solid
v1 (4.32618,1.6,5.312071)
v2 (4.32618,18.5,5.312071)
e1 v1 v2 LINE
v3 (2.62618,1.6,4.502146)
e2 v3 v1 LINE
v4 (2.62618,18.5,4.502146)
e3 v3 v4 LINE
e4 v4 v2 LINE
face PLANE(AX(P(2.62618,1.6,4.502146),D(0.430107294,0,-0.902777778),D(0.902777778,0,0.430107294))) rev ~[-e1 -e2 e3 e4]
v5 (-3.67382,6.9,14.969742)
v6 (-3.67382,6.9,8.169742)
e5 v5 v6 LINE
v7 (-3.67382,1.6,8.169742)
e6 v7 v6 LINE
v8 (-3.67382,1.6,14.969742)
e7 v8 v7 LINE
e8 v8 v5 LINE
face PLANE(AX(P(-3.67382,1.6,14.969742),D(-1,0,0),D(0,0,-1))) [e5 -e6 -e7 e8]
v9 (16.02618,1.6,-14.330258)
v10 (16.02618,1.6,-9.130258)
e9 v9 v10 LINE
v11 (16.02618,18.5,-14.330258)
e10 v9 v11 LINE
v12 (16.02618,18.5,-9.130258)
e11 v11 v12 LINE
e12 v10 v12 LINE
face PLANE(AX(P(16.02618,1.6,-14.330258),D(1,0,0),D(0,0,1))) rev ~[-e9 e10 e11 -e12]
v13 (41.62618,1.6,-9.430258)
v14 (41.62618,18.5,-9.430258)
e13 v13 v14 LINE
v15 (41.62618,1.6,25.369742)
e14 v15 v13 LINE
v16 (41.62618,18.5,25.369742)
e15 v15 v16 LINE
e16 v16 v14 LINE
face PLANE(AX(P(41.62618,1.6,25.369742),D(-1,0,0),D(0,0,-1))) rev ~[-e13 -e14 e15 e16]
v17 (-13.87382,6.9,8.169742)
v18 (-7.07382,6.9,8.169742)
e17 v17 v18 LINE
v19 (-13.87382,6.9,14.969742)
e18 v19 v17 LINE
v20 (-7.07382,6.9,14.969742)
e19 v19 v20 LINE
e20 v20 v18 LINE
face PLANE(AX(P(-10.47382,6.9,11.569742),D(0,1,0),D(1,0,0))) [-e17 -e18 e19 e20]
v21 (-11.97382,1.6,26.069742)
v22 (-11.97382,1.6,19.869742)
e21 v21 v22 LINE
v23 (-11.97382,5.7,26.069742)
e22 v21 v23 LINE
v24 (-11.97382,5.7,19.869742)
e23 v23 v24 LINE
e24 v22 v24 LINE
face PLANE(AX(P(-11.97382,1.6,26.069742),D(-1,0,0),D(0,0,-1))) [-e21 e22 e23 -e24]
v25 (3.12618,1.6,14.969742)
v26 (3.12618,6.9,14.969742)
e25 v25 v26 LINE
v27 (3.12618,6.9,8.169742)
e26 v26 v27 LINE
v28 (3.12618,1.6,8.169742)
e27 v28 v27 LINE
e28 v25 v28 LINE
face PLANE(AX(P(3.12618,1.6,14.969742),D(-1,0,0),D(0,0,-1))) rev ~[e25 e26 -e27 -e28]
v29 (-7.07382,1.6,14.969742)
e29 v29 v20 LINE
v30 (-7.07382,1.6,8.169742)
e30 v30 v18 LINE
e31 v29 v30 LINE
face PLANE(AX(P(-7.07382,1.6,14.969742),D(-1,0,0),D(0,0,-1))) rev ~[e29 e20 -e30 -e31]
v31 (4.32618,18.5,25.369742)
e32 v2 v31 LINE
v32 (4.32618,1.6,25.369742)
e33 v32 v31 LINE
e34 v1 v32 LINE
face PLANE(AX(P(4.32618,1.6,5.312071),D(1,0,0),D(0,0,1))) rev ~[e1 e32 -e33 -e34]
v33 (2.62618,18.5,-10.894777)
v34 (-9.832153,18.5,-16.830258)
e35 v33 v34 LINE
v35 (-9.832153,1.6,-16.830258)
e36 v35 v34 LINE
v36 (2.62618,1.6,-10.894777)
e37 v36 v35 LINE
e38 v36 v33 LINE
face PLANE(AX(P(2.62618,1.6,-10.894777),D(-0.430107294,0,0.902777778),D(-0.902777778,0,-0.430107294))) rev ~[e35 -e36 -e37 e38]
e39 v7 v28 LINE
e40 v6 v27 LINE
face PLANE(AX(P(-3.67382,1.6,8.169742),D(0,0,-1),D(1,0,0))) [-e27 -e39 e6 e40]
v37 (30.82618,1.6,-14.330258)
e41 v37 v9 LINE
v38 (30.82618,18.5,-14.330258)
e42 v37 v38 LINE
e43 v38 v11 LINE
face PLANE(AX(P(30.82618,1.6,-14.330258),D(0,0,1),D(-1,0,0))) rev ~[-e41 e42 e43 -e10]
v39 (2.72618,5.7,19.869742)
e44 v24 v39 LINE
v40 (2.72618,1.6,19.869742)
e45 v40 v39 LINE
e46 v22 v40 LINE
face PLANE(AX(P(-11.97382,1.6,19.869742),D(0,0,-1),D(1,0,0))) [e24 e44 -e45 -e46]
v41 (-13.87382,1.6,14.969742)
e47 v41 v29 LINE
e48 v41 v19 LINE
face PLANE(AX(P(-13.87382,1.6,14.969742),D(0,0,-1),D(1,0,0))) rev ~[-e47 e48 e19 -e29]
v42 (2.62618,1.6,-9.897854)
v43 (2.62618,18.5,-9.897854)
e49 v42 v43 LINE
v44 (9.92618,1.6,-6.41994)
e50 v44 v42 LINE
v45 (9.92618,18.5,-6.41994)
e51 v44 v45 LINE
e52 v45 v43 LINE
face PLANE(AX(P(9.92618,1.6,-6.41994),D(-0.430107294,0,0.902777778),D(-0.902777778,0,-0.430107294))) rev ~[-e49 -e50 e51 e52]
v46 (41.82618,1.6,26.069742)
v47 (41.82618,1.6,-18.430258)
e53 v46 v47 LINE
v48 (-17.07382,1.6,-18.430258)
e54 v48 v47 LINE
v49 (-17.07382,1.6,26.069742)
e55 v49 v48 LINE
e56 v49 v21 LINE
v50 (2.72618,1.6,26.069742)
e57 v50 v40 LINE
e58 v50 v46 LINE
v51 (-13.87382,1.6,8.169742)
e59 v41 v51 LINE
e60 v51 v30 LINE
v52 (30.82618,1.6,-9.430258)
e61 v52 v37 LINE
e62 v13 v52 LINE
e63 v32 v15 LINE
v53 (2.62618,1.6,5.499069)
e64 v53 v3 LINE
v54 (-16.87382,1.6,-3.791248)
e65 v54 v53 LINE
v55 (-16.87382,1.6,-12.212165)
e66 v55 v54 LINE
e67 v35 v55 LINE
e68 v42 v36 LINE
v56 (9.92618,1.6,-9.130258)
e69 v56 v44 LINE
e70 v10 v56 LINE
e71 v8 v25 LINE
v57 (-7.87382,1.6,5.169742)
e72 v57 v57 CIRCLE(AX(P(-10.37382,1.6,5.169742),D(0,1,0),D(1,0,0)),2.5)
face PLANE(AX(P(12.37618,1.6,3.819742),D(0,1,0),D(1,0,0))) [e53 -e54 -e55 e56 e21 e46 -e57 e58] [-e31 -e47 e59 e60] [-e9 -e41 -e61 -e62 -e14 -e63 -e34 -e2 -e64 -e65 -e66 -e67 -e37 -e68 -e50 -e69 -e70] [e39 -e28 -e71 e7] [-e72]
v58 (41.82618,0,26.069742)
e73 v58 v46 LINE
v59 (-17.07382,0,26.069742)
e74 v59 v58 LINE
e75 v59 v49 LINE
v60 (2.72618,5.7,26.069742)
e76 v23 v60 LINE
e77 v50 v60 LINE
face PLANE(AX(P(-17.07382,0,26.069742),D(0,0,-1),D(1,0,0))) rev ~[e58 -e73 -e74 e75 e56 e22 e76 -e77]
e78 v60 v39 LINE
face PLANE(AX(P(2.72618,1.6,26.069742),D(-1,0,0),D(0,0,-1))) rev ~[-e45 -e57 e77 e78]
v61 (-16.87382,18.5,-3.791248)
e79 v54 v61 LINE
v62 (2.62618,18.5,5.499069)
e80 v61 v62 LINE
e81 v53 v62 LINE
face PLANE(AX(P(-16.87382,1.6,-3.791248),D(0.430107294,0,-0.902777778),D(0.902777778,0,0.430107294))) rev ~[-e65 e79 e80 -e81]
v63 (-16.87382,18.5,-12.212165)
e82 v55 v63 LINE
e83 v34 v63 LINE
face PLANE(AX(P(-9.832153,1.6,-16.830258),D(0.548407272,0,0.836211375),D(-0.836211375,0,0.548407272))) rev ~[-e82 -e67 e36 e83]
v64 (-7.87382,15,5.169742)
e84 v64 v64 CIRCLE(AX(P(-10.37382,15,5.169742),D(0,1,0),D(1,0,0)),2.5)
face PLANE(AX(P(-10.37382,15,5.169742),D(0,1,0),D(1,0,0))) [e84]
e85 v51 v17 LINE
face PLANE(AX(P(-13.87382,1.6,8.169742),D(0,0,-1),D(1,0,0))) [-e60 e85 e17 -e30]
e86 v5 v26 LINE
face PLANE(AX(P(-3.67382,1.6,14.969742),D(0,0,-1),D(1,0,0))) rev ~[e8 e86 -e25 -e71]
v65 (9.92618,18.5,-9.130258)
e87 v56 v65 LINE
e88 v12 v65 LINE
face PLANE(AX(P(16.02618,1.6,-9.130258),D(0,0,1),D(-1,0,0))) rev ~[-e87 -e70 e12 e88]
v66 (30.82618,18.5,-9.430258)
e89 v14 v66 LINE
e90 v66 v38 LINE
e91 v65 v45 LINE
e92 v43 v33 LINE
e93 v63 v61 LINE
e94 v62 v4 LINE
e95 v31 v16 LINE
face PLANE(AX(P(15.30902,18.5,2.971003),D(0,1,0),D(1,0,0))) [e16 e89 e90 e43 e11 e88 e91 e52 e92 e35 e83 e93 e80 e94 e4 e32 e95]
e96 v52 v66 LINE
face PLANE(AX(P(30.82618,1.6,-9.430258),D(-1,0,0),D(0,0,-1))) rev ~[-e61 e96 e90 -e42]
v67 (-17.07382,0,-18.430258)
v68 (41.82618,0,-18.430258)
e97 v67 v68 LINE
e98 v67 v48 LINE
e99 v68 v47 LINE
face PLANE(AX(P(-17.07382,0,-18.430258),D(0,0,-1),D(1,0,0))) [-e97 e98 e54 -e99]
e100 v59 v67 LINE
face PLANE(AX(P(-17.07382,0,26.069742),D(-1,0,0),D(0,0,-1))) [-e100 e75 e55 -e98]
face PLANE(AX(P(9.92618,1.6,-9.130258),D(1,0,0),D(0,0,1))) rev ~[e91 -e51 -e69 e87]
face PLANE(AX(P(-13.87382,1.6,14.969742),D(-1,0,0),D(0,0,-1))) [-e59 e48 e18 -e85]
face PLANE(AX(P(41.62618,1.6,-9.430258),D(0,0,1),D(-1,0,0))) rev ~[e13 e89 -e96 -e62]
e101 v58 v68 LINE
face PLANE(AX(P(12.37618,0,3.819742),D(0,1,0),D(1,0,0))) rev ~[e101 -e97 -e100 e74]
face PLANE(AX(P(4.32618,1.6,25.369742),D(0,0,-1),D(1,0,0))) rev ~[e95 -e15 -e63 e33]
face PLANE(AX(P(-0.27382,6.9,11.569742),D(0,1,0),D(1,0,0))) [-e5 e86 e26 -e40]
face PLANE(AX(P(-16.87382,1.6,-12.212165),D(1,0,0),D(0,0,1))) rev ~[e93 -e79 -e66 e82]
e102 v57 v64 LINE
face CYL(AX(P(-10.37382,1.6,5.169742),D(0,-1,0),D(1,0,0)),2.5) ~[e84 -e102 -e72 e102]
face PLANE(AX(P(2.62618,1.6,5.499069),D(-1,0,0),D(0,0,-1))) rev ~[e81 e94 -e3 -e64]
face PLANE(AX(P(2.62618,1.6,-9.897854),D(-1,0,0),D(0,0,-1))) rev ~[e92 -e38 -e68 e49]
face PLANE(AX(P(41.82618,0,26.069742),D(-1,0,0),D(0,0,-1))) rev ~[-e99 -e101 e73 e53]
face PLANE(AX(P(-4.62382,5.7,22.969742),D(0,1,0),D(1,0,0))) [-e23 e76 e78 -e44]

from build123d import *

# Parameters (mm, degrees)
SKETCH1_W           = 58.9
SKETCH1_H           = 44.5
BOSS_EXTRUDE1_DEPTH = 1.6
BOSS_EXTRUDE2_DEPTH = 16.9
SKETCH3_W           = 14.7
SKETCH3_H           = 6.2
BOSS_EXTRUDE3_DEPTH = 4.1
SKETCH3_3_W         = 6.8
SKETCH3_3_H         = 6.8
BOSS_EXTRUDE4_DEPTH = 5.3
SKETCH3_4_R         = 2.5
BOSS_EXTRUDE5_DEPTH = 13.4


with BuildPart() as part:
    # Sketch1 → Boss-Extrude1 (new body)
    with BuildSketch(Plane(origin=(0, 0, 0), x_dir=(1, 0, 0), z_dir=(0, 1, 0))):
        with Locations((12.376180258, -3.819742489)):
            Rectangle(SKETCH1_W, SKETCH1_H)
    extrude(amount=BOSS_EXTRUDE1_DEPTH)

    # Sketch2 → Boss-Extrude2 (add)
    with BuildSketch(Plane(origin=(0, 1.6, 0), x_dir=(1, 0, 0), z_dir=(0, 1, 0))):
        Polygon((-16.873819742, 12.212165342), (-16.873819742, 3.791248246), (2.626180258, -5.499069294), (2.626180258, -4.502146217), (4.326180258, -5.312071336), (4.326180258, -25.369742489), (41.626180258, -25.369742489), (41.626180258, 9.430257511), (30.826180258, 9.430257511), (30.826180258, 14.330257511), (16.026180258, 14.330257511), (16.026180258, 9.130257511), (9.926180258, 9.130257511), (9.926180258, 6.419940037), (2.626180258, 9.897853783), (2.626180258, 10.89477686), (-9.832153076, 16.830257511), align=None)
    extrude(amount=BOSS_EXTRUDE2_DEPTH)

    # Sketch3 → Boss-Extrude3 (add)
    with BuildSketch(Plane(origin=(0, 1.6, 0), x_dir=(1, 0, 0), z_dir=(0, 1, 0))):
        with Locations((-4.623819742, -22.969742489)):
            Rectangle(SKETCH3_W, SKETCH3_H)
    extrude(amount=BOSS_EXTRUDE3_DEPTH)

    # Sketch3<3> → Boss-Extrude4 (add)
    with BuildSketch(Plane(origin=(0, 1.6, 0), x_dir=(1, 0, 0), z_dir=(0, 1, 0))):
        with Locations((-10.473819742, -11.569742489)):
            Rectangle(SKETCH3_3_W, SKETCH3_3_H)
        with Locations((-0.273819742, -11.569742489)):
            Rectangle(SKETCH3_3_W, SKETCH3_3_H)
    extrude(amount=BOSS_EXTRUDE4_DEPTH)

    # Sketch3<4> → Boss-Extrude5 (add)
    with BuildSketch(Plane(origin=(0, 1.6, 0), x_dir=(1, 0, 0), z_dir=(0, 1, 0))):
        with Locations((-10.373819742, -5.169742489)):
            Circle(SKETCH3_4_R)
    extrude(amount=BOSS_EXTRUDE5_DEPTH)


solid = part.part
